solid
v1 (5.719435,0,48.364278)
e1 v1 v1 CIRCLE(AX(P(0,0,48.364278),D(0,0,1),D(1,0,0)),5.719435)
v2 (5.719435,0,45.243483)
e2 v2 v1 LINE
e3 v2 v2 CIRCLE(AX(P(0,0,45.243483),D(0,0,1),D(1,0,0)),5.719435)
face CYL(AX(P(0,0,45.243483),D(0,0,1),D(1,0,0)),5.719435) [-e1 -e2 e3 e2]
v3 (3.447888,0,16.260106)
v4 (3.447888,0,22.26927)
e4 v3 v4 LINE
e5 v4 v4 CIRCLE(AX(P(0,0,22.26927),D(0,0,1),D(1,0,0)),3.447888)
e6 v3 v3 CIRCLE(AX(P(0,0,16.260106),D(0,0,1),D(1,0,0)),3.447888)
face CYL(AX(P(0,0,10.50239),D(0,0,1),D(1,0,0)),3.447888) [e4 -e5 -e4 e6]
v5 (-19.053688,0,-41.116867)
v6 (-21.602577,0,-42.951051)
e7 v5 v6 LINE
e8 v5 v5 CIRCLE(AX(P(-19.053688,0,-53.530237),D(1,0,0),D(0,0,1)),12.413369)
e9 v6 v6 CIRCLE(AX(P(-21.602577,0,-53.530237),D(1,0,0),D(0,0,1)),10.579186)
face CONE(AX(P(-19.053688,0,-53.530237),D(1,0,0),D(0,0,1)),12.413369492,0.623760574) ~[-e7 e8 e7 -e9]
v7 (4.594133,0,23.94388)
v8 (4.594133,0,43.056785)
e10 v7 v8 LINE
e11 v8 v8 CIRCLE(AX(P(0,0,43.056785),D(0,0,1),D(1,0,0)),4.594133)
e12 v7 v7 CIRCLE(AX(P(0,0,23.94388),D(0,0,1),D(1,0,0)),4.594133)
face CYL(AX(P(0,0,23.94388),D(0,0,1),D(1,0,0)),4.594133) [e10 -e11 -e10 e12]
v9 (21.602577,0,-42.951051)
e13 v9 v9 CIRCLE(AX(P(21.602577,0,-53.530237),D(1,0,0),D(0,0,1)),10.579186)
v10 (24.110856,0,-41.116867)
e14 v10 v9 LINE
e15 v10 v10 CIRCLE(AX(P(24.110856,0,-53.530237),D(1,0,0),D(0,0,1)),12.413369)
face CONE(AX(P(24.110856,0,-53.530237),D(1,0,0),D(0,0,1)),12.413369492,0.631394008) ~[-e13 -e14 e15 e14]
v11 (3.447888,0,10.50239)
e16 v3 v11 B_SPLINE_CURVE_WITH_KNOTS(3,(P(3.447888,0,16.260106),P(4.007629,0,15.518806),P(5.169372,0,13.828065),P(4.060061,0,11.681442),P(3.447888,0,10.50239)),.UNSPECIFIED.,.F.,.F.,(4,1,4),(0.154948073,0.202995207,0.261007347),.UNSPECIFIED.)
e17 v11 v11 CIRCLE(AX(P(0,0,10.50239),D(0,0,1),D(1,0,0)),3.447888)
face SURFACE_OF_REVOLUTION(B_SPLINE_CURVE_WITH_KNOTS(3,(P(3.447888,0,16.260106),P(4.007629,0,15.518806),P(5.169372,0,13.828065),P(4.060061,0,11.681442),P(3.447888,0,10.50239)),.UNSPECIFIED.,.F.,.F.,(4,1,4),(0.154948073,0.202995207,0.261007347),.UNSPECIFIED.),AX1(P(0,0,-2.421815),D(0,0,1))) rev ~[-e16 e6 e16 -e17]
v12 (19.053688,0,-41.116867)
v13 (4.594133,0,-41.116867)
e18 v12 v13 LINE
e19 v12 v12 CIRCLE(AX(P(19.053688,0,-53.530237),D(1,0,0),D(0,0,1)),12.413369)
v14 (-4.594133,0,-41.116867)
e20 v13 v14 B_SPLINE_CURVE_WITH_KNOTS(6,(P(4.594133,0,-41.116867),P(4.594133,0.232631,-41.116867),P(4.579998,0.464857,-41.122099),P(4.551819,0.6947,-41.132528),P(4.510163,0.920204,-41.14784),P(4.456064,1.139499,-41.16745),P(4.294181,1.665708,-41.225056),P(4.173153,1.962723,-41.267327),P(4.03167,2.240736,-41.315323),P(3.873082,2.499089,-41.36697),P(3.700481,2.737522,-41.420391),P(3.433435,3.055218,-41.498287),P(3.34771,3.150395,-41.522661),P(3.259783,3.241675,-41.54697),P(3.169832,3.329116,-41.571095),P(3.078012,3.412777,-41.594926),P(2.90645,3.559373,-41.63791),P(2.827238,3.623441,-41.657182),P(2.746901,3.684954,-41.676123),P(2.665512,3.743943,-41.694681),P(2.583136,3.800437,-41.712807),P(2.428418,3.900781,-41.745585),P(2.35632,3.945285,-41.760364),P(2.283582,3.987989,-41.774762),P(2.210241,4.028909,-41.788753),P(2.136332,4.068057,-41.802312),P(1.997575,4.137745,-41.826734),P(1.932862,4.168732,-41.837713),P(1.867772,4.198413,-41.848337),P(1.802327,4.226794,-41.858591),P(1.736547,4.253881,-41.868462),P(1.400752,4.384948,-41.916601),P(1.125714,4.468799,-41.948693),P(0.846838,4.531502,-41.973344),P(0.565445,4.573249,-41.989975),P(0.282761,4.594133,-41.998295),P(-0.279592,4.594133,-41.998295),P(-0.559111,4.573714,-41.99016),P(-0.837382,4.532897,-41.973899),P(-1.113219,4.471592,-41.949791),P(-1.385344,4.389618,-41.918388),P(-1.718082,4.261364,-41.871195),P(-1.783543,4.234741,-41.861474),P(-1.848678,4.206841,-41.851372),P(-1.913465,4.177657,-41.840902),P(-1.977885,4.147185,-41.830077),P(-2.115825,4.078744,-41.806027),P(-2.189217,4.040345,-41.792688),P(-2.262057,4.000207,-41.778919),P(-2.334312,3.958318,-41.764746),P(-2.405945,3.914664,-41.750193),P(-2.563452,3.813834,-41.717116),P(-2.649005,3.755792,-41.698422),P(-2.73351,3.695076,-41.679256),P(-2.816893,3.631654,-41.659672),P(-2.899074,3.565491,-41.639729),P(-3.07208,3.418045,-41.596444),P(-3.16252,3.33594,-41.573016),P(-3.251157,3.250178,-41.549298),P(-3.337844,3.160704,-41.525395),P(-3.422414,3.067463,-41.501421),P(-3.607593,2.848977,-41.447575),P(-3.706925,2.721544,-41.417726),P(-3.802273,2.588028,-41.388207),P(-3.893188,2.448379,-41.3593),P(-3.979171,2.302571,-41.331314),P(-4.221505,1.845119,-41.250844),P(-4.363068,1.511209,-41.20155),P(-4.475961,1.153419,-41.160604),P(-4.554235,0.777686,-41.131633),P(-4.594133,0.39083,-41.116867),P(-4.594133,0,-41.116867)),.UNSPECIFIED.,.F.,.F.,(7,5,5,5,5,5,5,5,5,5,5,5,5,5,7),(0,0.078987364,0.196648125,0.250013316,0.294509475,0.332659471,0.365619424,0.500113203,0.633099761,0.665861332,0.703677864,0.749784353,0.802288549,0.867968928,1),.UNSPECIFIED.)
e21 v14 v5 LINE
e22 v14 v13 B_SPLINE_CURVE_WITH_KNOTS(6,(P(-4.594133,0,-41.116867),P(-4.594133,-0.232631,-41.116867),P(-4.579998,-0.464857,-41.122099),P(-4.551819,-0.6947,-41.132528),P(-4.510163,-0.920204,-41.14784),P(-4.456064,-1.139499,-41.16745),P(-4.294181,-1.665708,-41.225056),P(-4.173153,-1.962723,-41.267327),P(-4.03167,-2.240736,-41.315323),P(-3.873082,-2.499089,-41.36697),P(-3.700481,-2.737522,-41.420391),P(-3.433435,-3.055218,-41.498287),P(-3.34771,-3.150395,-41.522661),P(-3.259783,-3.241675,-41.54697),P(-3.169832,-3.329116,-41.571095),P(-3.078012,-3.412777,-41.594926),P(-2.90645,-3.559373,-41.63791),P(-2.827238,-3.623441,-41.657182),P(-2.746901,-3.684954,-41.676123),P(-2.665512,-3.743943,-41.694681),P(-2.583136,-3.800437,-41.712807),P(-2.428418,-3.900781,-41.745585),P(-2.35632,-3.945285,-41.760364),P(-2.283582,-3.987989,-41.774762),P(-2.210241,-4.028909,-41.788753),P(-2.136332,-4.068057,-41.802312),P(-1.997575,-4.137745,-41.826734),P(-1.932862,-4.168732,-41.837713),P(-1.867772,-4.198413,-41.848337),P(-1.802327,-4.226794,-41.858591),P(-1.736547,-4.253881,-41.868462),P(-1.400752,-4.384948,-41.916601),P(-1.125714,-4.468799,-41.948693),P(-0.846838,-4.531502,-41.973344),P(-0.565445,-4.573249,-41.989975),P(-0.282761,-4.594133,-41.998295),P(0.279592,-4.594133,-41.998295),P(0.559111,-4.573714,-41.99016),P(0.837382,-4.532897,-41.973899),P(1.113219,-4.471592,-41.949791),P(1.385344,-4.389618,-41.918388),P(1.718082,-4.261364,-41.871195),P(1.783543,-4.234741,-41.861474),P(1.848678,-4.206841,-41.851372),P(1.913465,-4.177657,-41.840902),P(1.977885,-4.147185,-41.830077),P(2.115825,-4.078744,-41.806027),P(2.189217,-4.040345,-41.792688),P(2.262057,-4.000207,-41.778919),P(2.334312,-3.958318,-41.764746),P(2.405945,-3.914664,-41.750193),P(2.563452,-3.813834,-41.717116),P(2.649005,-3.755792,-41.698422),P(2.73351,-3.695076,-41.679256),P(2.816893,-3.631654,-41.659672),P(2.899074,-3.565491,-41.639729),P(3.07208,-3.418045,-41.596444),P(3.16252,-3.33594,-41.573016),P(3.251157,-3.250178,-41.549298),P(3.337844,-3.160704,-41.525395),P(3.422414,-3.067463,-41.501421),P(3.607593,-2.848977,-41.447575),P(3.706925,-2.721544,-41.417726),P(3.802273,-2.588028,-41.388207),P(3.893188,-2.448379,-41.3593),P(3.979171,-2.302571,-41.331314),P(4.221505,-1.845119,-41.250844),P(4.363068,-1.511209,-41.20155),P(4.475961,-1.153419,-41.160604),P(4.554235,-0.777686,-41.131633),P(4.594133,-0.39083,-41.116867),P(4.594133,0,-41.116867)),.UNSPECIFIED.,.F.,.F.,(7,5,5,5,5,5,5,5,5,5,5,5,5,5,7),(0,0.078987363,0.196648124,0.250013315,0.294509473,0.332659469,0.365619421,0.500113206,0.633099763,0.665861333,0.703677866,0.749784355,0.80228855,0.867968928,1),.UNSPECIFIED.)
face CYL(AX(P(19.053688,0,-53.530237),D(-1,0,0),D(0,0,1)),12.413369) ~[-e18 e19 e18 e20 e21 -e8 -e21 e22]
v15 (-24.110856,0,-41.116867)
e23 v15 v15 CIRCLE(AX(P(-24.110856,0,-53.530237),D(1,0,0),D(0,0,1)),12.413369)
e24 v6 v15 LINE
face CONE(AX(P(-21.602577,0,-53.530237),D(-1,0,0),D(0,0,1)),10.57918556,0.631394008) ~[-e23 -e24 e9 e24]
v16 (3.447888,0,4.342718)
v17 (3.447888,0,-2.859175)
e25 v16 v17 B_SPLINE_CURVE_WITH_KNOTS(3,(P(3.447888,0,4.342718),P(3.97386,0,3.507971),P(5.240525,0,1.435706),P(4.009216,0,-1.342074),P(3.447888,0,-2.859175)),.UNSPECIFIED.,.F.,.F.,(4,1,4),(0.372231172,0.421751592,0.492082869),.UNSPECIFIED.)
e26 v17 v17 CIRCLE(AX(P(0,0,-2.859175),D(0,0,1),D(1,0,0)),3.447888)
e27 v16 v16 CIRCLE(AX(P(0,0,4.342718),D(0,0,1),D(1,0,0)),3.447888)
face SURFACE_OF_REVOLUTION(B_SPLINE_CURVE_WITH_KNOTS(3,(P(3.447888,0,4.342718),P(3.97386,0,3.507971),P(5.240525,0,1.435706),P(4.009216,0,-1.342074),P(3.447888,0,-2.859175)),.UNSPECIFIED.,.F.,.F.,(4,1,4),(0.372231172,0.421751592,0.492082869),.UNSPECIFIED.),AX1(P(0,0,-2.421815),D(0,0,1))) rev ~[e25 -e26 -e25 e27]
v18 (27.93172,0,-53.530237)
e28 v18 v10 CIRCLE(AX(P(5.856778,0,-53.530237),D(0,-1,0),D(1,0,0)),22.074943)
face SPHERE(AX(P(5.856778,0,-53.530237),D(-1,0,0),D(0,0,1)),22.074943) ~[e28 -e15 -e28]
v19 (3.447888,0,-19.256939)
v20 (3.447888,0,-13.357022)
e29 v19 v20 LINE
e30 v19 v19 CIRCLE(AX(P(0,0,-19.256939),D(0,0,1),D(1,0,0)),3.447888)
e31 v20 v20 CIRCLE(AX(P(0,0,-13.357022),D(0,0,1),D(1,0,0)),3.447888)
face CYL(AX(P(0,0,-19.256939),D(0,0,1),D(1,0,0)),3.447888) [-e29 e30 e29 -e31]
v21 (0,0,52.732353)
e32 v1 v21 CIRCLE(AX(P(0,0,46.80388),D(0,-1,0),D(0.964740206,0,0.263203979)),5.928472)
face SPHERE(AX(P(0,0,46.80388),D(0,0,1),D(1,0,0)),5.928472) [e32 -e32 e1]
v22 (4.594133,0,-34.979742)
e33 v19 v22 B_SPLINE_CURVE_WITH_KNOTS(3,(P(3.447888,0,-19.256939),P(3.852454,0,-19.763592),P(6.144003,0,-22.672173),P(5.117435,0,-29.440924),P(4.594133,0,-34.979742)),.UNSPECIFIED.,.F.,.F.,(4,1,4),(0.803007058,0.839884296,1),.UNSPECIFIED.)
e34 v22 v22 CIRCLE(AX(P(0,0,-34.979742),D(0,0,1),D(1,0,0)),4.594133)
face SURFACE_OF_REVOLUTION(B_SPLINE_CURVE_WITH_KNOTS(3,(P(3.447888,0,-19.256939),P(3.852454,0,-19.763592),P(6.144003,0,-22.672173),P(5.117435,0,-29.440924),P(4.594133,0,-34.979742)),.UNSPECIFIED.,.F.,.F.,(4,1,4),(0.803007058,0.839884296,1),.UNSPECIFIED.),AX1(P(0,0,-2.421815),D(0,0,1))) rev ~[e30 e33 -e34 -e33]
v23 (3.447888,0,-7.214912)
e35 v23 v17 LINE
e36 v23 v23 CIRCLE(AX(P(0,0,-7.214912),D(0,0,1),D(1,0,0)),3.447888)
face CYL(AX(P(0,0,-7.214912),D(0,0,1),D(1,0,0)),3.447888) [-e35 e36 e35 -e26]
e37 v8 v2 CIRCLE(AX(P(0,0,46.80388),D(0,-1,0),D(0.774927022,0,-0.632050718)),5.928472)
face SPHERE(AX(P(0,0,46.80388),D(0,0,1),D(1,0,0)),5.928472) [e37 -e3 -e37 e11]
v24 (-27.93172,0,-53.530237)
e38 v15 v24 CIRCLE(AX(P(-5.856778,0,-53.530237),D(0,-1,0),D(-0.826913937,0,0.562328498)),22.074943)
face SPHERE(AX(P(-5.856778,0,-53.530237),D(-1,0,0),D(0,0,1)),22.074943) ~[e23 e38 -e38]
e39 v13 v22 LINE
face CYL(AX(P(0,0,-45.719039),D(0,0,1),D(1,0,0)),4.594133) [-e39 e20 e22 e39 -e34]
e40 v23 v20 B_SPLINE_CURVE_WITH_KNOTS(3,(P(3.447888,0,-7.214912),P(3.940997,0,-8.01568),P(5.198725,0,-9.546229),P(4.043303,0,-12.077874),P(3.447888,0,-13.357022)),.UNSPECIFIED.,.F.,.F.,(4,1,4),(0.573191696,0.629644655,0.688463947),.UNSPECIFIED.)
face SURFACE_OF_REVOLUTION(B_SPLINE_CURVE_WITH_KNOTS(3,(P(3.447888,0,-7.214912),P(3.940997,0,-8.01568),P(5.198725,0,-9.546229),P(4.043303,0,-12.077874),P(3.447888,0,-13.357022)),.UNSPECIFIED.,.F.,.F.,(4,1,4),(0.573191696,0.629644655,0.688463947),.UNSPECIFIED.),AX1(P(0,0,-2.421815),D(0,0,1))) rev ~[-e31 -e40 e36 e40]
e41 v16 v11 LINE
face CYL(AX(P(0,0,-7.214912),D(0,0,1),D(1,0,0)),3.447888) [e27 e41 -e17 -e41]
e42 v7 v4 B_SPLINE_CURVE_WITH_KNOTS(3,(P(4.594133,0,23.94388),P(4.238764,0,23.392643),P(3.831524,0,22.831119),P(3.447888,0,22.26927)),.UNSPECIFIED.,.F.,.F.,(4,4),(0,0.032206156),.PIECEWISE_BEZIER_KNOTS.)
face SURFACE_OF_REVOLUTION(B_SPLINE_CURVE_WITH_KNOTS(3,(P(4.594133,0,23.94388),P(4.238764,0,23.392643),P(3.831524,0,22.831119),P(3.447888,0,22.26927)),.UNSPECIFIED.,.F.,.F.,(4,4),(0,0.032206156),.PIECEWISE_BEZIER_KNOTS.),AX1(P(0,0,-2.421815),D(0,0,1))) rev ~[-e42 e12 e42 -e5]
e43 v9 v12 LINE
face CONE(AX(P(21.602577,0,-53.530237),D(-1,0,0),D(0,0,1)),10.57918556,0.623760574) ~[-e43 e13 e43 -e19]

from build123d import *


with BuildPart() as f1:
    # F0 (on Front) → F1 (revolve)
    with BuildSketch(Plane.XZ):
        with BuildLine():
            Line((0, 52.7323525879), (0, 40.875408378))
            ThreePointArc((0, 40.875408378), (2.5428559752, 41.4484472615), (4.5941332355, 43.0567854329))
            ThreePointArc((4.5941332355, 43.0567854329), (5.2714168977, 44.0911428638), (5.7194354013, 45.2434830368))
            Line((5.7194354013, 45.2434830368), (5.7194354013, 48.3642779291))
            ThreePointArc((5.7194354013, 48.3642779291), (3.5983335565, 51.5154383055), (0, 52.7323525879))
        make_face()
        with BuildLine():
            ThreePointArc((4.5941332355, 43.0567854329), (2.5428559752, 41.4484472615), (0, 40.875408378))
            Line((0, 40.875408378), (0, -45.7190386951))
            Line((0, -45.7190386951), (3.4478881862, -45.7190386951))
            Line((3.4478881862, -45.7190386951), (3.4478881862, -19.2569392537))
            add(Edge.make_bspline(
                [(3.4478881862, -13.3570219138), (2.8592867201, -14.6215324154), (1.6885418308, -17.0881375195), (2.8291799419, -18.4821080295), (3.4478881862, -19.2569392537)],
                knots=[0.688463947, 0.688463947, 0.688463947, 0.688463947, 0.7466101854, 0.8030070578, 0.8030070578, 0.8030070578, 0.8030070578], degree=3))
            Line((3.4478881862, -13.3570219138), (3.4478881862, -7.214912314))
            add(Edge.make_bspline(
                [(3.4478881862, -2.8591748229), (3.0716325194, -3.8760817958), (2.5489190603, -5.5383480748), (3.1511995592, -6.7331145443), (3.4478881862, -7.214912314)],
                knots=[0.4920828694, 0.4920828694, 0.4920828694, 0.4920828694, 0.5392256635, 0.5731916963, 0.5731916963, 0.5731916963, 0.5731916963], degree=3))
            Line((3.4478881862, -2.8591748229), (3.4478881862, 4.3427177675))
            add(Edge.make_bspline(
                [(3.4478881862, 10.5023898497), (2.8570440893, 9.3644165827), (1.6733580005, 7.094819903), (2.8612423375, 5.2737567308), (3.4478881862, 4.3427177675)],
                knots=[0.2610073473, 0.2610073473, 0.2610073473, 0.2610073473, 0.3169983169, 0.372231172, 0.372231172, 0.372231172, 0.372231172], degree=3))
            Line((3.4478881862, 10.5023898497), (3.4478881862, 16.2601063118))
            add(Edge.make_bspline(
                [(3.4478881862, 22.269270102), (2.5941060701, 21.0188723902), (1.3322312845, 18.8748269949), (2.8529664918, 17.0479984025), (3.4478881862, 16.2601063118)],
                knots=[0.0322061563, 0.0322061563, 0.0322061563, 0.0322061563, 0.1038810888, 0.1549480731, 0.1549480731, 0.1549480731, 0.1549480731], degree=3))
            add(Edge.make_bspline(
                [(4.5941332355, 23.9438803276), (4.2387639607, 23.3926426614), (3.8315235702, 22.8311193108), (3.4478881862, 22.269270102)],
                knots=[0, 0, 0, 0, 0.0322061563, 0.0322061563, 0.0322061563, 0.0322061563], degree=3))
            Line((4.5941332355, 23.9438803276), (4.5941332355, 43.0567854329))
        make_face()
        with BuildLine():
            Line((3.4478881862, -19.2569392537), (3.4478881862, -45.7190386951))
            Line((3.4478881862, -45.7190386951), (4.5941332355, -45.7190386951))
            Line((4.5941332355, -45.7190386951), (4.5941332355, -34.9797420204))
            add(Edge.make_bspline(
                [(3.4478881862, -19.2569392537), (3.8524540819, -19.7635920922), (6.1440033012, -22.672173393), (5.1174351412, -29.440924003), (4.5941332355, -34.9797420204)],
                knots=[0.8030070578, 0.8030070578, 0.8030070578, 0.8030070578, 0.8398842958, 1, 1, 1, 1], degree=3))
        make_face()
        with BuildLine():
            Line((3.4478881862, 22.1658609807), (3.4478881862, 22.269270102))
            add(Edge.make_bspline(
                [(3.4478881862, 22.269270102), (2.5941060701, 21.0188723902), (1.3322312845, 18.8748269949), (2.8529664918, 17.0479984025), (3.4478881862, 16.2601063118)],
                knots=[0.0322061563, 0.0322061563, 0.0322061563, 0.0322061563, 0.1038810888, 0.1549480731, 0.1549480731, 0.1549480731, 0.1549480731], degree=3))
            Line((3.4478881862, 16.2601063118), (3.4478881862, 22.1658609807))
        make_face()
        with BuildLine():
            add(Edge.make_bspline(
                [(3.4478881862, -13.3570219138), (2.8592867201, -14.6215324154), (1.6885418308, -17.0881375195), (2.8291799419, -18.4821080295), (3.4478881862, -19.2569392537)],
                knots=[0.688463947, 0.688463947, 0.688463947, 0.688463947, 0.7466101854, 0.8030070578, 0.8030070578, 0.8030070578, 0.8030070578], degree=3))
            Line((3.4478881862, -19.2569392537), (3.4478881862, -13.3570219138))
        make_face()
        with BuildLine():
            add(Edge.make_bspline(
                [(3.4478881862, 16.2601063118), (4.0076291368, 15.5188062853), (5.1693722085, 13.8280653656), (4.0600606664, 11.6814418551), (3.4478881862, 10.5023898497)],
                knots=[0.1549480731, 0.1549480731, 0.1549480731, 0.1549480731, 0.2029952069, 0.2610073473, 0.2610073473, 0.2610073473, 0.2610073473], degree=3))
            Line((3.4478881862, 16.2601063118), (3.4478881862, 10.5023898497))
        make_face()
        with BuildLine():
            Line((3.4478881862, -7.214912314), (3.4478881862, -13.3570219138))
            add(Edge.make_bspline(
                [(3.4478881862, -7.214912314), (3.9409970185, -8.0156802369), (5.1987251645, -9.5462290276), (4.0433028257, -12.0778744637), (3.4478881862, -13.3570219138)],
                knots=[0.5731916963, 0.5731916963, 0.5731916963, 0.5731916963, 0.6296446549, 0.688463947, 0.688463947, 0.688463947, 0.688463947], degree=3))
        make_face()
        with BuildLine():
            Line((3.4478881862, 4.3427177675), (3.4478881862, 10.5023898497))
            add(Edge.make_bspline(
                [(3.4478881862, 10.5023898497), (2.8570440893, 9.3644165827), (1.6733580005, 7.094819903), (2.8612423375, 5.2737567308), (3.4478881862, 4.3427177675)],
                knots=[0.2610073473, 0.2610073473, 0.2610073473, 0.2610073473, 0.3169983169, 0.372231172, 0.372231172, 0.372231172, 0.372231172], degree=3))
        make_face()
        with BuildLine():
            add(Edge.make_bspline(
                [(3.4478881862, -2.8591748229), (3.0716325194, -3.8760817958), (2.5489190603, -5.5383480748), (3.1511995592, -6.7331145443), (3.4478881862, -7.214912314)],
                knots=[0.4920828694, 0.4920828694, 0.4920828694, 0.4920828694, 0.5392256635, 0.5731916963, 0.5731916963, 0.5731916963, 0.5731916963], degree=3))
            Line((3.4478881862, -7.214912314), (3.4478881862, -2.8591748229))
        make_face()
        with BuildLine():
            add(Edge.make_bspline(
                [(3.4478881862, 4.3427177675), (3.9738604296, 3.5079711254), (5.2405247997, 1.4357055196), (4.0092155805, -1.342074107), (3.4478881862, -2.8591748229)],
                knots=[0.372231172, 0.372231172, 0.372231172, 0.372231172, 0.4217515918, 0.4920828694, 0.4920828694, 0.4920828694, 0.4920828694], degree=3))
            Line((3.4478881862, 4.3427177675), (3.4478881862, -2.8591748229))
        make_face()
    revolve(axis=Axis((0, 0, -2.4218151586), (0, 0, 1)))

    # F2 (on Front) → F3 (revolve)
    with BuildSketch(Plane.XZ):
        with BuildLine():
            Line((19.0536882728, -41.1168672144), (0, -41.1168672144))
            Line((0, -41.1168672144), (0, -53.5302367061))
            Line((0, -53.5302367061), (27.9317204824, -53.5302367061))
            ThreePointArc((27.9317204824, -53.5302367061), (26.9548916276, -47.0361865237), (24.1108555347, -41.1168672144))
            Line((24.1108555347, -41.1168672144), (21.6025765985, -42.9510511458))
            Line((21.6025765985, -42.9510511458), (19.0536882728, -41.1168672144))
        make_face()
        with BuildLine():
            Line((0, -53.5302367061), (0, -41.1168672144))
            Line((0, -41.1168672144), (-19.0536882728, -41.1168672144))
            Line((-19.0536882728, -41.1168672144), (-21.6025765985, -42.9510511458))
            Line((-21.6025765985, -42.9510511458), (-24.1108555347, -41.1168672144))
            ThreePointArc((-24.1108555347, -41.1168672144), (-26.9548916276, -47.0361865237), (-27.9317204824, -53.5302367061))
            Line((-27.9317204824, -53.5302367061), (0, -53.5302367061))
        make_face()
    revolve(axis=Axis((-13.9658602412, 0, -53.5302367061), (1, 0, 0)))


solid = f1.part
